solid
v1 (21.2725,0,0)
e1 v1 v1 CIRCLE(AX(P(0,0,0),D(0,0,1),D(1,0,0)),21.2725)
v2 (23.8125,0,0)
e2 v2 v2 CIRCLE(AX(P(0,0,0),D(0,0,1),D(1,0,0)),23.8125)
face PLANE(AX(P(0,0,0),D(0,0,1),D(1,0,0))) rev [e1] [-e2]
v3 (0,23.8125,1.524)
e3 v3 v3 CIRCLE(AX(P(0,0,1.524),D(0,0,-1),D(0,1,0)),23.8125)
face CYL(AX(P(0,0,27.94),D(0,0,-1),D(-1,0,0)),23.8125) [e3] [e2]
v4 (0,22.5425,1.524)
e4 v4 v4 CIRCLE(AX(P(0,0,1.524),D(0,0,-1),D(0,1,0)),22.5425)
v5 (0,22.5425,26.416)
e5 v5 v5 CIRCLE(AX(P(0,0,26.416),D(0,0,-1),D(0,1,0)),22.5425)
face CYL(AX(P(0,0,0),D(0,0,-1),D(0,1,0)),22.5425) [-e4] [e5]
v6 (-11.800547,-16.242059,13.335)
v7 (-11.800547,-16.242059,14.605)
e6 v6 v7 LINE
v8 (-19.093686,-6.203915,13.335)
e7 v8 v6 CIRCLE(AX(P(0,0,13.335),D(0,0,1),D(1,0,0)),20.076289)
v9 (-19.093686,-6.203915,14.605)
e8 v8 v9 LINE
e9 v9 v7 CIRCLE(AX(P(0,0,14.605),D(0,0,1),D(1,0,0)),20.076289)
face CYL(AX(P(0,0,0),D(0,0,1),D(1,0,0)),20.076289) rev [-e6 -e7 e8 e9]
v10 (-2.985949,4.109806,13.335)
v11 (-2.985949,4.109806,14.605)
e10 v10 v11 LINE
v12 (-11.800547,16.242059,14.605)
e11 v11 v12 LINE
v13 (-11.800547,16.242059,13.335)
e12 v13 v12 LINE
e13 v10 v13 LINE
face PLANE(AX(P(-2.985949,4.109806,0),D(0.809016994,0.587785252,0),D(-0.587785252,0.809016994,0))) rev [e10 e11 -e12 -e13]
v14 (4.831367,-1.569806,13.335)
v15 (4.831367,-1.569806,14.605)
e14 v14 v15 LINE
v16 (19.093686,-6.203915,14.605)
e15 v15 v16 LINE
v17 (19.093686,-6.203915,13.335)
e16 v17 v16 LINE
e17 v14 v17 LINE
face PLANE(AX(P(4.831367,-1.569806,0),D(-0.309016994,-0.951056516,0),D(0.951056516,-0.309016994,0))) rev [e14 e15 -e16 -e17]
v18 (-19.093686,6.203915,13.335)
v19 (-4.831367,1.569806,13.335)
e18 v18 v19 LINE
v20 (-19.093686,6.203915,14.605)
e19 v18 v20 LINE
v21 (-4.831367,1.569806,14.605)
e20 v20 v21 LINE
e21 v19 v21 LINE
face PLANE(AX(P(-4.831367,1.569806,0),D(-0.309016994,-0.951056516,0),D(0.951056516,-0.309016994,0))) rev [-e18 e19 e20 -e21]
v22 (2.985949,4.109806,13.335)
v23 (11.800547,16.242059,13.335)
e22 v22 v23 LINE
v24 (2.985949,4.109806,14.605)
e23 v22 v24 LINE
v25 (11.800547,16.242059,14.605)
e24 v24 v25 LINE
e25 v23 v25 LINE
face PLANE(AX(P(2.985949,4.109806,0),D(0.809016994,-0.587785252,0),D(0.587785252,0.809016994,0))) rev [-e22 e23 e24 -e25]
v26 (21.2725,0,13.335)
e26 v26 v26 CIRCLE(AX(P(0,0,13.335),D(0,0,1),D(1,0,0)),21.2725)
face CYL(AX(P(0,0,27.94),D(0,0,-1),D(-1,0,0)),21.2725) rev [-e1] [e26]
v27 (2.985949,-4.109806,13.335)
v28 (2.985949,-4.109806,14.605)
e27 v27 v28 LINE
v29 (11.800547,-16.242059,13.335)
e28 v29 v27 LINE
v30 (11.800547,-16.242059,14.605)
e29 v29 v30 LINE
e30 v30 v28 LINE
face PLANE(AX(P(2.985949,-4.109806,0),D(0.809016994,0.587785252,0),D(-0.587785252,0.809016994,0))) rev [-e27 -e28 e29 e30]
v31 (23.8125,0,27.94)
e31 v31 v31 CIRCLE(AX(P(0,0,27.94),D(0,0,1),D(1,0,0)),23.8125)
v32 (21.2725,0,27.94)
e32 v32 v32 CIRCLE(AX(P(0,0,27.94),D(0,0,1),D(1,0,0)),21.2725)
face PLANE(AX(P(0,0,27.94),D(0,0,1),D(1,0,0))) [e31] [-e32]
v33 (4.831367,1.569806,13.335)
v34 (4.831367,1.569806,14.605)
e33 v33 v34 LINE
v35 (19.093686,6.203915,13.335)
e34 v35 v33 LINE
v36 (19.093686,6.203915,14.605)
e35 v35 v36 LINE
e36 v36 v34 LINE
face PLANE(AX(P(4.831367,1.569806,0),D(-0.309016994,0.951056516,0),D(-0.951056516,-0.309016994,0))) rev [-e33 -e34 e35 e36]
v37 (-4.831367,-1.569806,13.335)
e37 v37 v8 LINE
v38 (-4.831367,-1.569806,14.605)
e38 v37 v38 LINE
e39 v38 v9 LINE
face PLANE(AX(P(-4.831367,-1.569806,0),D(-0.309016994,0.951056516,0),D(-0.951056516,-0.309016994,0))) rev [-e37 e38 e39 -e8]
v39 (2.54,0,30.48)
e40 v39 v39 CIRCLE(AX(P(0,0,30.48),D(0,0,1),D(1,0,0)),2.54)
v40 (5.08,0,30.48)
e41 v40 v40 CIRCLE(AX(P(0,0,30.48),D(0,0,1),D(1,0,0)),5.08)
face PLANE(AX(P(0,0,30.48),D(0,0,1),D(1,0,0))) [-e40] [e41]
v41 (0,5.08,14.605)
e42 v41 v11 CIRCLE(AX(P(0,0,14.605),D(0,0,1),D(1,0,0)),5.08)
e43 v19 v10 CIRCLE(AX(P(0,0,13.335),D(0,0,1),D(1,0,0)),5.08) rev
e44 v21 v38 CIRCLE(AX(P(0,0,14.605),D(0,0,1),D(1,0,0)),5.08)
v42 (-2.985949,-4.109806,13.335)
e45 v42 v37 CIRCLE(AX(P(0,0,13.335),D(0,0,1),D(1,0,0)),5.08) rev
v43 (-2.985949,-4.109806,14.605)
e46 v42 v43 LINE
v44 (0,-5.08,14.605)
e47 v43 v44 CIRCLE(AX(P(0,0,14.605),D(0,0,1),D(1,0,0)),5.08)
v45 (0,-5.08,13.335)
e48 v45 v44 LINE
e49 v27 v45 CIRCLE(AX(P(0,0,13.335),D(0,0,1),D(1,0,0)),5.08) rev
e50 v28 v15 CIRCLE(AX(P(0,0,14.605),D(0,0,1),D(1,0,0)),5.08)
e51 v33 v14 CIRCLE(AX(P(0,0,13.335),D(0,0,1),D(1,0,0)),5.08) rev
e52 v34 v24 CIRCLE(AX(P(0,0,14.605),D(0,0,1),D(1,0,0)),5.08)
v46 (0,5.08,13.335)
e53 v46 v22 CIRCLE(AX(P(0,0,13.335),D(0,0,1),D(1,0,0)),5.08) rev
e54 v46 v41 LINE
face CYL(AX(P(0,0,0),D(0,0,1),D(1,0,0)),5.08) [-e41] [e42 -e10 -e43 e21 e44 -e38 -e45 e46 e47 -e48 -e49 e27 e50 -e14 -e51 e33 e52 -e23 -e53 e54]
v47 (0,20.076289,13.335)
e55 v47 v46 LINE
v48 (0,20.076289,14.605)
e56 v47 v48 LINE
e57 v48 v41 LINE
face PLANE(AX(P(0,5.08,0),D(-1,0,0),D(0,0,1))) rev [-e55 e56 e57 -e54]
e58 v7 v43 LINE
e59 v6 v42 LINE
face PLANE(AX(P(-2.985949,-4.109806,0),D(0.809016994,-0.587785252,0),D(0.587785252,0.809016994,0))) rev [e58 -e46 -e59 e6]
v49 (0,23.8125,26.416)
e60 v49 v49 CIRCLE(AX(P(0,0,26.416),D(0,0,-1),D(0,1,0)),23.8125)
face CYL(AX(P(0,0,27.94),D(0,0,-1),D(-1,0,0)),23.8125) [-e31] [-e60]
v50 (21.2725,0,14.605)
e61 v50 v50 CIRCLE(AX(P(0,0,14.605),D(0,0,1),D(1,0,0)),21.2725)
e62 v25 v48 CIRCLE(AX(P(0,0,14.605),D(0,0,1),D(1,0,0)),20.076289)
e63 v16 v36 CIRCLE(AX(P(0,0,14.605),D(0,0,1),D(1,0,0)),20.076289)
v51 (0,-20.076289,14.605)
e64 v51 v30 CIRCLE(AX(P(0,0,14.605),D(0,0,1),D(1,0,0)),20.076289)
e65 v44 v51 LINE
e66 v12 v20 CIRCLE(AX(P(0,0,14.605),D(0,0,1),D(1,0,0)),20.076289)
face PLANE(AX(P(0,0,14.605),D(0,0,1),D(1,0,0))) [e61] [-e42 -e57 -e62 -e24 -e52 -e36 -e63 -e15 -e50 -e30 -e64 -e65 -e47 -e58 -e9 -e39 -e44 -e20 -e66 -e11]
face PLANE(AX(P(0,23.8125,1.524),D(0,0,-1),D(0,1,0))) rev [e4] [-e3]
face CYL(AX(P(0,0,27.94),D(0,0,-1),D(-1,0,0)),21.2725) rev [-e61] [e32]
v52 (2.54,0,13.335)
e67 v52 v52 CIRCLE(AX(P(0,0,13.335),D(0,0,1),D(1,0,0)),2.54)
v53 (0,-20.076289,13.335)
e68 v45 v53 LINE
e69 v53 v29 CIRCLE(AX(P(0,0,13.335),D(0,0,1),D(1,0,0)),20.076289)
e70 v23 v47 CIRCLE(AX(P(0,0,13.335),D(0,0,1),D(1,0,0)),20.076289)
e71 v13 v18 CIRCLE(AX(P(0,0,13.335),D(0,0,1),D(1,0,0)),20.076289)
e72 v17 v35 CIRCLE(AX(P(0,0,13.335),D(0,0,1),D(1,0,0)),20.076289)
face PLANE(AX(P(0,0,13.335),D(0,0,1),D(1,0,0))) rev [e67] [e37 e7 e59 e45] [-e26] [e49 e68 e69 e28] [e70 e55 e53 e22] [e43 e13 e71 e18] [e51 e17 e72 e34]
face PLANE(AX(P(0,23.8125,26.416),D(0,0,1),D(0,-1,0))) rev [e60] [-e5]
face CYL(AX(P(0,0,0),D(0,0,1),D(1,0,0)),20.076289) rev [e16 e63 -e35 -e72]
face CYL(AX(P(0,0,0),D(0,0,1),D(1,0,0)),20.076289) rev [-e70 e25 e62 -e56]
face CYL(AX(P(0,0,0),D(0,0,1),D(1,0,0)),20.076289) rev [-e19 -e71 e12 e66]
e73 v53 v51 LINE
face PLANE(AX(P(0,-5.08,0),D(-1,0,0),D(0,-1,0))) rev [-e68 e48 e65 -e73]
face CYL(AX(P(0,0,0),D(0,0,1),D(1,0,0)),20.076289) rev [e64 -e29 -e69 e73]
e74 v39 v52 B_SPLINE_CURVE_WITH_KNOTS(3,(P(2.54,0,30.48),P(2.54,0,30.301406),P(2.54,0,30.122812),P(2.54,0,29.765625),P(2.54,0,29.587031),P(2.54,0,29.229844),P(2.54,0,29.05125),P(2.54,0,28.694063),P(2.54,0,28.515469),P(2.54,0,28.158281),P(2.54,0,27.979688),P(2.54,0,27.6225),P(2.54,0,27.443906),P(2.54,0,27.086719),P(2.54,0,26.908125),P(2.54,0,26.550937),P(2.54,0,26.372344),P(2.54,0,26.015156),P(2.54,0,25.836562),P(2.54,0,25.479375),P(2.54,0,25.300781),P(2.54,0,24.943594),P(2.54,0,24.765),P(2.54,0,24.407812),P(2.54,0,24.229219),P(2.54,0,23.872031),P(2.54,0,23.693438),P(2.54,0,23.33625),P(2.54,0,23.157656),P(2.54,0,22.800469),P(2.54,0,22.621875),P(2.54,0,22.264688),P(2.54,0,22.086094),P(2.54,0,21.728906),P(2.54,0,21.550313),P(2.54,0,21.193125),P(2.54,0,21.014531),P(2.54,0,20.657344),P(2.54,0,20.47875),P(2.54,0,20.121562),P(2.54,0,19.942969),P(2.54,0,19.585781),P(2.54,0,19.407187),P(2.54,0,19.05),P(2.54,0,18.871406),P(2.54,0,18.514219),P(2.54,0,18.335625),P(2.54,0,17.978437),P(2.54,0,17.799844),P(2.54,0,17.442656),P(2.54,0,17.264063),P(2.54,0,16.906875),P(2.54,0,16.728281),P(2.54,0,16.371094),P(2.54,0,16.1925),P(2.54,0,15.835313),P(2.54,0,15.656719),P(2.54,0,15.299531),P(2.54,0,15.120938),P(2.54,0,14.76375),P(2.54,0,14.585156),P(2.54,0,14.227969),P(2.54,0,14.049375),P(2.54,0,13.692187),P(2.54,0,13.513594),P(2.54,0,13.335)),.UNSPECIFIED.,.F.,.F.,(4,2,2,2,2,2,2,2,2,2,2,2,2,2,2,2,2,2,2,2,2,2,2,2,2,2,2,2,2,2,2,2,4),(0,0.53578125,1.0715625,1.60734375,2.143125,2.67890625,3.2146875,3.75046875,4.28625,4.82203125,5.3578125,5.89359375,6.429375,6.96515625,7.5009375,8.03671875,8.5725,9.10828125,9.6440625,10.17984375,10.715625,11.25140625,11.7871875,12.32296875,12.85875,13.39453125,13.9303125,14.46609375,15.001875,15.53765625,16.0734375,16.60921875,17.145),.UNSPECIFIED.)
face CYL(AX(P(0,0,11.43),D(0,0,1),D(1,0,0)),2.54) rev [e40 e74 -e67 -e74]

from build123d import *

# Parameters (mm, degrees)
SKETCH1_R               = 23.8125
SKETCH1_R_2             = 21.2725
BOSS_EXTRUDE1_DEPTH     = 27.94
SKETCH2_W               = 24.892
SKETCH2_H               = 1.27
SKETCH5_R               = 21.2725
BOSS_EXTRUDE2_DEPTH     = 0.635
CUT_EXTRUDE2_DEPTH      = 37.706625253
CUT_EXTRUDE2_DEPTH_BACK = 37.706625253
SKETCH7_R               = 5.08
BOSS_EXTRUDE7_DEPTH     = 15.875
SKETCH8_R               = 2.54
CUT_EXTRUDE3_DEPTH      = 19.05


with BuildPart() as part:
    # Sketch1 → Boss-Extrude1 (new body)
    with BuildSketch(Plane.XY):
        Circle(SKETCH1_R)
        Circle(SKETCH1_R_2, mode=Mode.SUBTRACT)
    extrude(amount=BOSS_EXTRUDE1_DEPTH)

    # Sketch2 → Cut-Revolve2 (revolve, cut)
    with BuildSketch(Plane(origin=(0, 0, 0), x_dir=(0, 0, -1), z_dir=(1, 0, 0))):
        with Locations((-13.97, 23.1775)):
            Rectangle(SKETCH2_W, SKETCH2_H)
    revolve(axis=Axis((0, 0, 0), (0, 0, 1)), mode=Mode.SUBTRACT)

    # Sketch5 → Boss-Extrude2 (add, symmetric)
    with BuildSketch(Plane.XY.offset(13.97)):
        Circle(SKETCH5_R)
    extrude(amount=BOSS_EXTRUDE2_DEPTH, both=True)

    # Sketch6 → Cut-Extrude2 (cut, two sides: drawn at the far end of the back side and taken through both)
    with BuildSketch(Plane.XY.offset(14.605).offset(-CUT_EXTRUDE2_DEPTH_BACK)):
        with BuildLine():
            Line((0, 5.08), (0, 20.076289255))
            ThreePointArc((0, 20.076289255), (6.203914564, 19.093685719), (11.800546745, 16.242059191))
            Line((11.800546745, 16.242059191), (2.985949082, 4.109806331))
            ThreePointArc((2.985949082, 4.109806331), (1.569806331, 4.831367103), (0, 5.08))
        make_face()
        with BuildLine():
            Line((4.831367103, 1.569806331), (19.093685719, 6.203914564))
            ThreePointArc((19.093685719, 6.203914564), (20.076289255, 0), (19.093685719, -6.203914564))
            Line((19.093685719, -6.203914564), (4.831367103, -1.569806331))
            ThreePointArc((4.831367103, -1.569806331), (5.08, 0), (4.831367103, 1.569806331))
        make_face()
        with BuildLine():
            Line((2.985949082, -4.109806331), (11.800546745, -16.242059191))
            ThreePointArc((11.800546745, -16.242059191), (6.203914564, -19.093685719), (0, -20.076289255))
            Line((0, -20.076289255), (0, -5.08))
            ThreePointArc((0, -5.08), (1.569806331, -4.831367103), (2.985949082, -4.109806331))
        make_face()
        with BuildLine():
            Line((-2.985949082, -4.109806331), (-11.800546745, -16.242059191))
            ThreePointArc((-11.800546745, -16.242059191), (-16.242059191, -11.800546745), (-19.093685719, -6.203914564))
            Line((-19.093685719, -6.203914564), (-4.831367103, -1.569806331))
            ThreePointArc((-4.831367103, -1.569806331), (-4.109806331, -2.985949082), (-2.985949082, -4.109806331))
        make_face()
        with BuildLine():
            Line((-4.831367103, 1.569806331), (-19.093685719, 6.203914564))
            ThreePointArc((-19.093685719, 6.203914564), (-16.242059191, 11.800546745), (-11.800546745, 16.242059191))
            Line((-11.800546745, 16.242059191), (-2.985949082, 4.109806331))
            ThreePointArc((-2.985949082, 4.109806331), (-4.109806331, 2.985949082), (-4.831367103, 1.569806331))
        make_face()
    extrude(amount=CUT_EXTRUDE2_DEPTH + CUT_EXTRUDE2_DEPTH_BACK, mode=Mode.SUBTRACT)

    # Sketch7 → Boss-Extrude7 (add)
    with BuildSketch(Plane.XY.offset(14.605)):
        Circle(SKETCH7_R)
    extrude(amount=BOSS_EXTRUDE7_DEPTH)

    # Sketch8 → Cut-Extrude3 (cut)
    with BuildSketch(Plane.XY.offset(30.48)):
        Circle(SKETCH8_R)
    extrude(amount=-CUT_EXTRUDE3_DEPTH, mode=Mode.SUBTRACT)


solid = part.part
